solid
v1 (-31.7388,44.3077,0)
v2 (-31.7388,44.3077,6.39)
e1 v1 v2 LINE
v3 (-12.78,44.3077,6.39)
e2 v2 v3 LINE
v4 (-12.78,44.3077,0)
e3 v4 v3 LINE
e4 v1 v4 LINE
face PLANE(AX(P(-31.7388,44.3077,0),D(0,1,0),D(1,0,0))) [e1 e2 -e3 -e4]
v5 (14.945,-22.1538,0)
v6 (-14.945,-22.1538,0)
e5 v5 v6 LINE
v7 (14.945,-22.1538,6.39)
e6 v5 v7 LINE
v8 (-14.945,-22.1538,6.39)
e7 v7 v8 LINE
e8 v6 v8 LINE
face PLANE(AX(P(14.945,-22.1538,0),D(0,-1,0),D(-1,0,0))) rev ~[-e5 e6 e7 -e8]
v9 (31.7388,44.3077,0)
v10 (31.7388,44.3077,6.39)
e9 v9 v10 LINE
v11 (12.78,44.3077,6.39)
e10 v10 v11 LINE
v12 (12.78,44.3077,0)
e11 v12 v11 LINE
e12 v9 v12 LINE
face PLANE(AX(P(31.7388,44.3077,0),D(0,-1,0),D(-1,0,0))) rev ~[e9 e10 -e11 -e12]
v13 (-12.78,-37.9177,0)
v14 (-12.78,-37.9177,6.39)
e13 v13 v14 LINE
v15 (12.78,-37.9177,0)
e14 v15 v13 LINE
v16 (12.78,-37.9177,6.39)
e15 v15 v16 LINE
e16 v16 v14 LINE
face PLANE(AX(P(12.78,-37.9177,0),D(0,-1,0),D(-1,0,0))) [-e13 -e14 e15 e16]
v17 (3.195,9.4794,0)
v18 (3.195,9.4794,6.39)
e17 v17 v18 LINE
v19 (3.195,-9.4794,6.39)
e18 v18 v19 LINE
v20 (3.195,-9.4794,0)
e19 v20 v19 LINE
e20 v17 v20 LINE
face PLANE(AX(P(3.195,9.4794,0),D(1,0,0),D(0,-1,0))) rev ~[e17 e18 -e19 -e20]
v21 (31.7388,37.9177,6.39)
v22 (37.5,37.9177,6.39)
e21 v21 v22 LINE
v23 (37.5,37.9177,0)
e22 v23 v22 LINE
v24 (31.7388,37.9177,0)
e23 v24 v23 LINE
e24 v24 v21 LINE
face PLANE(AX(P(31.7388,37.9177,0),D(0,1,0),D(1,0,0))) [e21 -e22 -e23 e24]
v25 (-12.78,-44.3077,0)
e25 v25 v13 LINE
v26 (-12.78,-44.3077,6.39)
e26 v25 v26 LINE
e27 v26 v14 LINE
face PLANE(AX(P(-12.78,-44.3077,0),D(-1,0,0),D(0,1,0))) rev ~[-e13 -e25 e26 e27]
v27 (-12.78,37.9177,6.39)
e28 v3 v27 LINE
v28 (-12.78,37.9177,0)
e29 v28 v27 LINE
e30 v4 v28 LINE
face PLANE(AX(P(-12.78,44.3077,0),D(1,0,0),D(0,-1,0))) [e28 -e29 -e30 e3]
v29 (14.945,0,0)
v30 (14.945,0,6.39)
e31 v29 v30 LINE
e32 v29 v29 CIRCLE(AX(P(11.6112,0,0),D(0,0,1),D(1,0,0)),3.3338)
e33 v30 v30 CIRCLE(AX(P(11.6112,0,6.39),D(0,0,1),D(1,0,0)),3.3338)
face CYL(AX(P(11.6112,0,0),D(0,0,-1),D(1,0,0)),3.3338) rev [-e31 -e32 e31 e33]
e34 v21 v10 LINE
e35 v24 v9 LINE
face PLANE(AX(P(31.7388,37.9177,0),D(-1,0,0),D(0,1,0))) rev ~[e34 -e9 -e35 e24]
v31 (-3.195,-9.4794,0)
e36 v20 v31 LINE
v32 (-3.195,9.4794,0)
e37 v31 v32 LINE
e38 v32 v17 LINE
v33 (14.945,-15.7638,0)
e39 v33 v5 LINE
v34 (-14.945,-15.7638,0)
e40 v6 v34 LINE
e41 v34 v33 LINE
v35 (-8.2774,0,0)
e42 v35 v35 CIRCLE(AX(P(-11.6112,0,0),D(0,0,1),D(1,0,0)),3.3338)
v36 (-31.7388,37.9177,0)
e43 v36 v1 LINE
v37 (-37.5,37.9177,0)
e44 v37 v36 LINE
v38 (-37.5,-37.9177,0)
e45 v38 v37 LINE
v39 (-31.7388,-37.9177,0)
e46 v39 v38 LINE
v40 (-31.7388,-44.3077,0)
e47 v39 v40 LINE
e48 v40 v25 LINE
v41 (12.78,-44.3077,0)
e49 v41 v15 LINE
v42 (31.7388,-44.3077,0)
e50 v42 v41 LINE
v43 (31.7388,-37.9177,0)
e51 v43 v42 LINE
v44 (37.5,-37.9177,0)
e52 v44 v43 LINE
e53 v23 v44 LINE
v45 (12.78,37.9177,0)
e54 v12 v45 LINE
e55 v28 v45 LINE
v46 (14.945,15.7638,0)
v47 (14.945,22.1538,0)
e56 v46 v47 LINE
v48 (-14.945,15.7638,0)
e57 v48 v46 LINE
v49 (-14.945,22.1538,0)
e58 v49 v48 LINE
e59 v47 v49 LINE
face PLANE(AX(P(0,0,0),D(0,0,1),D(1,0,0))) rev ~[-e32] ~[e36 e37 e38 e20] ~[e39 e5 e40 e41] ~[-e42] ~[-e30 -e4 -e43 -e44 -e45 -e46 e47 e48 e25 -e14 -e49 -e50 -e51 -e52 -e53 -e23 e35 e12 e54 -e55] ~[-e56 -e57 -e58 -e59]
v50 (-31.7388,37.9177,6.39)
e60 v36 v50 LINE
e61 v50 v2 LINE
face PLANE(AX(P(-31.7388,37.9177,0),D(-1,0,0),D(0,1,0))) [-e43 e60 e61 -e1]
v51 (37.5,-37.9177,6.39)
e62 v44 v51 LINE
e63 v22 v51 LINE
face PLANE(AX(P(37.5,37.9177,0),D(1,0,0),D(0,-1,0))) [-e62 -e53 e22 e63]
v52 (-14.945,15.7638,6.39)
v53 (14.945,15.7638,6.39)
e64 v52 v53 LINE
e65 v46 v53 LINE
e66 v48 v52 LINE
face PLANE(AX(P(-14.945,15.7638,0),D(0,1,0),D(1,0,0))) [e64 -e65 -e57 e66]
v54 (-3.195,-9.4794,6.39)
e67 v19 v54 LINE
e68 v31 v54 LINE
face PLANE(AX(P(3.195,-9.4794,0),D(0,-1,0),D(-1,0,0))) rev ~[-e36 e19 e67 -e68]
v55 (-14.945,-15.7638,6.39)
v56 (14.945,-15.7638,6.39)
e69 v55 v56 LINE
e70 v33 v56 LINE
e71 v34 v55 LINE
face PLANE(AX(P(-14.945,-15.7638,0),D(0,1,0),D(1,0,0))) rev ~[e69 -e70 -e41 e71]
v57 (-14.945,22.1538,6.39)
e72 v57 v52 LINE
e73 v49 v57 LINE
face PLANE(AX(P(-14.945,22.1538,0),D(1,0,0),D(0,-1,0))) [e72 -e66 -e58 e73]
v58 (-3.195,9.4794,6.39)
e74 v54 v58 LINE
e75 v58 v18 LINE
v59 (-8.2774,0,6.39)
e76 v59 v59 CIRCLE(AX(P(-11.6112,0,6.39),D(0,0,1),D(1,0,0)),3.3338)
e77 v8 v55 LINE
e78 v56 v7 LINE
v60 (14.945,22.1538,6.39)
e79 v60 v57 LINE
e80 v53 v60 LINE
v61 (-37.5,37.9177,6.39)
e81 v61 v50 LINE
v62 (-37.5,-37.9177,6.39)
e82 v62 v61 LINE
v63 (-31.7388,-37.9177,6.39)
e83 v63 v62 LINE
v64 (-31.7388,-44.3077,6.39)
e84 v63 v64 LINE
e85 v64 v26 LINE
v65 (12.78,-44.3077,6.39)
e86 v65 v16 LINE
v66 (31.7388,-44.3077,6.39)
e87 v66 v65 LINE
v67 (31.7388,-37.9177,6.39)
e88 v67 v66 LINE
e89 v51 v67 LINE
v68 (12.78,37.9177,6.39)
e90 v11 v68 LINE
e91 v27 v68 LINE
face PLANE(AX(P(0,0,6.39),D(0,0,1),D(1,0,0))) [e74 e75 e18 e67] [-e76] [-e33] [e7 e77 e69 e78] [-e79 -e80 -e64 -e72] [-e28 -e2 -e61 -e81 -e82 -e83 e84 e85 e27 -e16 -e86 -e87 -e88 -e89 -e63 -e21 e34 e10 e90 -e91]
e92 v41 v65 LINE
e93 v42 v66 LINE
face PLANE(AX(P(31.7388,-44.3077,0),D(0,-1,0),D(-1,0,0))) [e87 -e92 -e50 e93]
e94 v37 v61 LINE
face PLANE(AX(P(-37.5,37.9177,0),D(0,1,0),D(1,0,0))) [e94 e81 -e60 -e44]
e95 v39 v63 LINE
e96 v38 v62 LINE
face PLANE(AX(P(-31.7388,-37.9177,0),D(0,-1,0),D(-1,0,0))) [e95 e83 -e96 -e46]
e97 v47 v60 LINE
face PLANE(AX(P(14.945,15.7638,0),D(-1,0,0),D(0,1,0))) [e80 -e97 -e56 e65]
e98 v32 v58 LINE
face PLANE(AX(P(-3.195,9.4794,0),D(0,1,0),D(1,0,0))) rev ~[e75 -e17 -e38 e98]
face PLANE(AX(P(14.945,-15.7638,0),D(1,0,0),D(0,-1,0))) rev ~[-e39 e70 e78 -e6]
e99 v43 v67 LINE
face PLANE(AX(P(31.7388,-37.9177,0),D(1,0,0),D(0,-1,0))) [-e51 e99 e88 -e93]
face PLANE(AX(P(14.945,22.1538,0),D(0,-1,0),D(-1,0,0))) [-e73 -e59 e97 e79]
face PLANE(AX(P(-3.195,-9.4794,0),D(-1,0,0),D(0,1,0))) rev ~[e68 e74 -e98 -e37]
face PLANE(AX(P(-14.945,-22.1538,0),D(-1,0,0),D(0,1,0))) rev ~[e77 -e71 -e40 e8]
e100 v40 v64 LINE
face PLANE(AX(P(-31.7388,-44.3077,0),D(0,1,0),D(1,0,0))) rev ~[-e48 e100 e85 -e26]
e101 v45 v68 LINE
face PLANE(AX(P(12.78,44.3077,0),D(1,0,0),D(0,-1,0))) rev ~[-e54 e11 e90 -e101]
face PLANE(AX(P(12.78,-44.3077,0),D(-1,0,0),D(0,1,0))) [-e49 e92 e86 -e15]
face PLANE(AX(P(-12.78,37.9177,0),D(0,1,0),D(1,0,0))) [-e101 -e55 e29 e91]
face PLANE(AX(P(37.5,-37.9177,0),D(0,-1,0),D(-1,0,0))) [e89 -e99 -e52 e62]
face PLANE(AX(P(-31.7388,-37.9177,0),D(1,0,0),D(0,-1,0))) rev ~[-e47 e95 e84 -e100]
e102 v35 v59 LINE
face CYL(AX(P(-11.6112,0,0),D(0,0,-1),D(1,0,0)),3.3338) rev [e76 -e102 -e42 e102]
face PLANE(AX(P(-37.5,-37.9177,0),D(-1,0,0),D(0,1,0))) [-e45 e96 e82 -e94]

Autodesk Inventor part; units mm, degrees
ref_plane "YZ Plane" through (0, 0, 0) normal (1, 0, 0) x (0, 1, 0)
ref_plane "XZ Plane" through (0, 0, 0) normal (0, 1, 0) x (-1, 0, 0)
ref_plane "XY Plane" through (0, 0, 0) normal (0, 0, 1) x (1, 0, 0)
sketch "Sketch1" plane through (0, 0, 0) normal (0, 0, 1) x (1, 0, 0)
  line L0 (-37.5, 37.9177) -> (-31.7388, 37.9177)
  line L1 (37.5, 37.9177) -> (37.5, -37.9177)
  line L2 (37.5, -37.9177) -> (31.7388, -37.9177)
  line L3 (-37.5, -37.9177) -> (-37.5, 37.9177)
  line L4 (-31.7388, 37.9177) -> (-31.7388, 44.3077)
  line L5 (-31.7388, 44.3077) -> (-12.78, 44.3077)
  line L6 (-12.78, 44.3077) -> (-12.78, 37.9177)
  line L7 (0, 37.9177) -> (0, -37.9177) construction
  line L8 (-37.5, 0) -> (37.5, 0) construction
  line L9 (-12.78, 37.9177) -> (12.78, 37.9177)
  line L10 (31.7388, 37.9177) -> (31.7388, 44.3077)
  line L11 (31.7388, 44.3077) -> (12.78, 44.3077)
  line L12 (12.78, 44.3077) -> (12.78, 37.9177)
  line L13 (-31.7388, -37.9177) -> (-31.7388, -44.3077)
  line L14 (-31.7388, -44.3077) -> (-12.78, -44.3077)
  line L15 (-12.78, -44.3077) -> (-12.78, -37.9177)
  line L16 (12.78, -44.3077) -> (12.78, -37.9177)
  line L17 (31.7388, -44.3077) -> (12.78, -44.3077)
  line L18 (31.7388, -37.9177) -> (31.7388, -44.3077)
  line L19 (31.7388, 37.9177) -> (37.5, 37.9177)
  line L20 (-31.7388, -37.9177) -> (-37.5, -37.9177)
  line L21 (12.78, -37.9177) -> (-12.78, -37.9177)
  line L22 (-14.945, 15.7638) -> (14.945, 15.7638)
  line L23 (14.945, 15.7638) -> (14.945, 22.1538)
  line L24 (14.945, 22.1538) -> (-14.945, 22.1538)
  line L25 (-14.945, 22.1538) -> (-14.945, 15.7638)
  line L26 (-14.945, -15.7638) -> (14.945, -15.7638)
  line L27 (14.945, -15.7638) -> (14.945, -22.1538)
  line L28 (14.945, -22.1538) -> (-14.945, -22.1538)
  line L29 (-14.945, -22.1538) -> (-14.945, -15.7638)
  line L30 (-3.195, 9.4794) -> (3.195, 9.4794)
  line L31 (3.195, 9.4794) -> (3.195, -9.4794)
  line L32 (3.195, -9.4794) -> (-3.195, -9.4794)
  line L33 (-3.195, -9.4794) -> (-3.195, 9.4794)
  line L34 (-14.945, 18.9588) -> (14.945, 18.9588) construction
  circle A0 centre (-11.6112, 0) radius 3.3338
  circle A1 centre (11.6112, 0) radius 3.3338
  point P0 (0, 0)
  point P1 (0, 22.1538)
  point P2 (3.195, 0)
  point P3 (0, 0)
  point P4 (0, 9.4794)
  point P5 (0, 0)
  point P6 (-22.2594, -44.3077)
  dimension "d0" = 75
  dimension "d1" = 75.8353
  dimension "d2" = 18.9588
  dimension "d3" = 6.39
  dimension "d4" = 12.78
  dimension "d21" = 6.39
  dimension "d22" = 29.89
  dimension "d24" = 18.9588
  dimension "d25" = 6.39
  dimension "d30" = 37.9177
  dimension "d41" = 6.6675
extrude "Extrusion4" add sketch "Sketch1" along normal blind 6.39
equation "\"d1\" = DiskGap"
equation "\"d2\" = 0.25 * DiskGap"
equation "\"d3\" = WoodThickness"
equation "\"d4\" = 2 * WoodThickness"
equation "\"d21\" = WoodThickness"
equation "\"d22\" = 0.5 * ColumnWidth"
equation "\"d24\" = 0.25 * DiskGap"
equation "\"d25\" = WoodThickness"
equation "\"d30\" = 0.5 * DiskGap"
equation "\"d42\" = WoodThickness"
equation "\"DiskGap\" = 75.835317"
equation "\"WoodThickness\" = 6.39"
equation "\"ColumnWidth\" = 59.78"
properties part number "LightDiskSupport" material "MDF Medium Density Fiberboard"
